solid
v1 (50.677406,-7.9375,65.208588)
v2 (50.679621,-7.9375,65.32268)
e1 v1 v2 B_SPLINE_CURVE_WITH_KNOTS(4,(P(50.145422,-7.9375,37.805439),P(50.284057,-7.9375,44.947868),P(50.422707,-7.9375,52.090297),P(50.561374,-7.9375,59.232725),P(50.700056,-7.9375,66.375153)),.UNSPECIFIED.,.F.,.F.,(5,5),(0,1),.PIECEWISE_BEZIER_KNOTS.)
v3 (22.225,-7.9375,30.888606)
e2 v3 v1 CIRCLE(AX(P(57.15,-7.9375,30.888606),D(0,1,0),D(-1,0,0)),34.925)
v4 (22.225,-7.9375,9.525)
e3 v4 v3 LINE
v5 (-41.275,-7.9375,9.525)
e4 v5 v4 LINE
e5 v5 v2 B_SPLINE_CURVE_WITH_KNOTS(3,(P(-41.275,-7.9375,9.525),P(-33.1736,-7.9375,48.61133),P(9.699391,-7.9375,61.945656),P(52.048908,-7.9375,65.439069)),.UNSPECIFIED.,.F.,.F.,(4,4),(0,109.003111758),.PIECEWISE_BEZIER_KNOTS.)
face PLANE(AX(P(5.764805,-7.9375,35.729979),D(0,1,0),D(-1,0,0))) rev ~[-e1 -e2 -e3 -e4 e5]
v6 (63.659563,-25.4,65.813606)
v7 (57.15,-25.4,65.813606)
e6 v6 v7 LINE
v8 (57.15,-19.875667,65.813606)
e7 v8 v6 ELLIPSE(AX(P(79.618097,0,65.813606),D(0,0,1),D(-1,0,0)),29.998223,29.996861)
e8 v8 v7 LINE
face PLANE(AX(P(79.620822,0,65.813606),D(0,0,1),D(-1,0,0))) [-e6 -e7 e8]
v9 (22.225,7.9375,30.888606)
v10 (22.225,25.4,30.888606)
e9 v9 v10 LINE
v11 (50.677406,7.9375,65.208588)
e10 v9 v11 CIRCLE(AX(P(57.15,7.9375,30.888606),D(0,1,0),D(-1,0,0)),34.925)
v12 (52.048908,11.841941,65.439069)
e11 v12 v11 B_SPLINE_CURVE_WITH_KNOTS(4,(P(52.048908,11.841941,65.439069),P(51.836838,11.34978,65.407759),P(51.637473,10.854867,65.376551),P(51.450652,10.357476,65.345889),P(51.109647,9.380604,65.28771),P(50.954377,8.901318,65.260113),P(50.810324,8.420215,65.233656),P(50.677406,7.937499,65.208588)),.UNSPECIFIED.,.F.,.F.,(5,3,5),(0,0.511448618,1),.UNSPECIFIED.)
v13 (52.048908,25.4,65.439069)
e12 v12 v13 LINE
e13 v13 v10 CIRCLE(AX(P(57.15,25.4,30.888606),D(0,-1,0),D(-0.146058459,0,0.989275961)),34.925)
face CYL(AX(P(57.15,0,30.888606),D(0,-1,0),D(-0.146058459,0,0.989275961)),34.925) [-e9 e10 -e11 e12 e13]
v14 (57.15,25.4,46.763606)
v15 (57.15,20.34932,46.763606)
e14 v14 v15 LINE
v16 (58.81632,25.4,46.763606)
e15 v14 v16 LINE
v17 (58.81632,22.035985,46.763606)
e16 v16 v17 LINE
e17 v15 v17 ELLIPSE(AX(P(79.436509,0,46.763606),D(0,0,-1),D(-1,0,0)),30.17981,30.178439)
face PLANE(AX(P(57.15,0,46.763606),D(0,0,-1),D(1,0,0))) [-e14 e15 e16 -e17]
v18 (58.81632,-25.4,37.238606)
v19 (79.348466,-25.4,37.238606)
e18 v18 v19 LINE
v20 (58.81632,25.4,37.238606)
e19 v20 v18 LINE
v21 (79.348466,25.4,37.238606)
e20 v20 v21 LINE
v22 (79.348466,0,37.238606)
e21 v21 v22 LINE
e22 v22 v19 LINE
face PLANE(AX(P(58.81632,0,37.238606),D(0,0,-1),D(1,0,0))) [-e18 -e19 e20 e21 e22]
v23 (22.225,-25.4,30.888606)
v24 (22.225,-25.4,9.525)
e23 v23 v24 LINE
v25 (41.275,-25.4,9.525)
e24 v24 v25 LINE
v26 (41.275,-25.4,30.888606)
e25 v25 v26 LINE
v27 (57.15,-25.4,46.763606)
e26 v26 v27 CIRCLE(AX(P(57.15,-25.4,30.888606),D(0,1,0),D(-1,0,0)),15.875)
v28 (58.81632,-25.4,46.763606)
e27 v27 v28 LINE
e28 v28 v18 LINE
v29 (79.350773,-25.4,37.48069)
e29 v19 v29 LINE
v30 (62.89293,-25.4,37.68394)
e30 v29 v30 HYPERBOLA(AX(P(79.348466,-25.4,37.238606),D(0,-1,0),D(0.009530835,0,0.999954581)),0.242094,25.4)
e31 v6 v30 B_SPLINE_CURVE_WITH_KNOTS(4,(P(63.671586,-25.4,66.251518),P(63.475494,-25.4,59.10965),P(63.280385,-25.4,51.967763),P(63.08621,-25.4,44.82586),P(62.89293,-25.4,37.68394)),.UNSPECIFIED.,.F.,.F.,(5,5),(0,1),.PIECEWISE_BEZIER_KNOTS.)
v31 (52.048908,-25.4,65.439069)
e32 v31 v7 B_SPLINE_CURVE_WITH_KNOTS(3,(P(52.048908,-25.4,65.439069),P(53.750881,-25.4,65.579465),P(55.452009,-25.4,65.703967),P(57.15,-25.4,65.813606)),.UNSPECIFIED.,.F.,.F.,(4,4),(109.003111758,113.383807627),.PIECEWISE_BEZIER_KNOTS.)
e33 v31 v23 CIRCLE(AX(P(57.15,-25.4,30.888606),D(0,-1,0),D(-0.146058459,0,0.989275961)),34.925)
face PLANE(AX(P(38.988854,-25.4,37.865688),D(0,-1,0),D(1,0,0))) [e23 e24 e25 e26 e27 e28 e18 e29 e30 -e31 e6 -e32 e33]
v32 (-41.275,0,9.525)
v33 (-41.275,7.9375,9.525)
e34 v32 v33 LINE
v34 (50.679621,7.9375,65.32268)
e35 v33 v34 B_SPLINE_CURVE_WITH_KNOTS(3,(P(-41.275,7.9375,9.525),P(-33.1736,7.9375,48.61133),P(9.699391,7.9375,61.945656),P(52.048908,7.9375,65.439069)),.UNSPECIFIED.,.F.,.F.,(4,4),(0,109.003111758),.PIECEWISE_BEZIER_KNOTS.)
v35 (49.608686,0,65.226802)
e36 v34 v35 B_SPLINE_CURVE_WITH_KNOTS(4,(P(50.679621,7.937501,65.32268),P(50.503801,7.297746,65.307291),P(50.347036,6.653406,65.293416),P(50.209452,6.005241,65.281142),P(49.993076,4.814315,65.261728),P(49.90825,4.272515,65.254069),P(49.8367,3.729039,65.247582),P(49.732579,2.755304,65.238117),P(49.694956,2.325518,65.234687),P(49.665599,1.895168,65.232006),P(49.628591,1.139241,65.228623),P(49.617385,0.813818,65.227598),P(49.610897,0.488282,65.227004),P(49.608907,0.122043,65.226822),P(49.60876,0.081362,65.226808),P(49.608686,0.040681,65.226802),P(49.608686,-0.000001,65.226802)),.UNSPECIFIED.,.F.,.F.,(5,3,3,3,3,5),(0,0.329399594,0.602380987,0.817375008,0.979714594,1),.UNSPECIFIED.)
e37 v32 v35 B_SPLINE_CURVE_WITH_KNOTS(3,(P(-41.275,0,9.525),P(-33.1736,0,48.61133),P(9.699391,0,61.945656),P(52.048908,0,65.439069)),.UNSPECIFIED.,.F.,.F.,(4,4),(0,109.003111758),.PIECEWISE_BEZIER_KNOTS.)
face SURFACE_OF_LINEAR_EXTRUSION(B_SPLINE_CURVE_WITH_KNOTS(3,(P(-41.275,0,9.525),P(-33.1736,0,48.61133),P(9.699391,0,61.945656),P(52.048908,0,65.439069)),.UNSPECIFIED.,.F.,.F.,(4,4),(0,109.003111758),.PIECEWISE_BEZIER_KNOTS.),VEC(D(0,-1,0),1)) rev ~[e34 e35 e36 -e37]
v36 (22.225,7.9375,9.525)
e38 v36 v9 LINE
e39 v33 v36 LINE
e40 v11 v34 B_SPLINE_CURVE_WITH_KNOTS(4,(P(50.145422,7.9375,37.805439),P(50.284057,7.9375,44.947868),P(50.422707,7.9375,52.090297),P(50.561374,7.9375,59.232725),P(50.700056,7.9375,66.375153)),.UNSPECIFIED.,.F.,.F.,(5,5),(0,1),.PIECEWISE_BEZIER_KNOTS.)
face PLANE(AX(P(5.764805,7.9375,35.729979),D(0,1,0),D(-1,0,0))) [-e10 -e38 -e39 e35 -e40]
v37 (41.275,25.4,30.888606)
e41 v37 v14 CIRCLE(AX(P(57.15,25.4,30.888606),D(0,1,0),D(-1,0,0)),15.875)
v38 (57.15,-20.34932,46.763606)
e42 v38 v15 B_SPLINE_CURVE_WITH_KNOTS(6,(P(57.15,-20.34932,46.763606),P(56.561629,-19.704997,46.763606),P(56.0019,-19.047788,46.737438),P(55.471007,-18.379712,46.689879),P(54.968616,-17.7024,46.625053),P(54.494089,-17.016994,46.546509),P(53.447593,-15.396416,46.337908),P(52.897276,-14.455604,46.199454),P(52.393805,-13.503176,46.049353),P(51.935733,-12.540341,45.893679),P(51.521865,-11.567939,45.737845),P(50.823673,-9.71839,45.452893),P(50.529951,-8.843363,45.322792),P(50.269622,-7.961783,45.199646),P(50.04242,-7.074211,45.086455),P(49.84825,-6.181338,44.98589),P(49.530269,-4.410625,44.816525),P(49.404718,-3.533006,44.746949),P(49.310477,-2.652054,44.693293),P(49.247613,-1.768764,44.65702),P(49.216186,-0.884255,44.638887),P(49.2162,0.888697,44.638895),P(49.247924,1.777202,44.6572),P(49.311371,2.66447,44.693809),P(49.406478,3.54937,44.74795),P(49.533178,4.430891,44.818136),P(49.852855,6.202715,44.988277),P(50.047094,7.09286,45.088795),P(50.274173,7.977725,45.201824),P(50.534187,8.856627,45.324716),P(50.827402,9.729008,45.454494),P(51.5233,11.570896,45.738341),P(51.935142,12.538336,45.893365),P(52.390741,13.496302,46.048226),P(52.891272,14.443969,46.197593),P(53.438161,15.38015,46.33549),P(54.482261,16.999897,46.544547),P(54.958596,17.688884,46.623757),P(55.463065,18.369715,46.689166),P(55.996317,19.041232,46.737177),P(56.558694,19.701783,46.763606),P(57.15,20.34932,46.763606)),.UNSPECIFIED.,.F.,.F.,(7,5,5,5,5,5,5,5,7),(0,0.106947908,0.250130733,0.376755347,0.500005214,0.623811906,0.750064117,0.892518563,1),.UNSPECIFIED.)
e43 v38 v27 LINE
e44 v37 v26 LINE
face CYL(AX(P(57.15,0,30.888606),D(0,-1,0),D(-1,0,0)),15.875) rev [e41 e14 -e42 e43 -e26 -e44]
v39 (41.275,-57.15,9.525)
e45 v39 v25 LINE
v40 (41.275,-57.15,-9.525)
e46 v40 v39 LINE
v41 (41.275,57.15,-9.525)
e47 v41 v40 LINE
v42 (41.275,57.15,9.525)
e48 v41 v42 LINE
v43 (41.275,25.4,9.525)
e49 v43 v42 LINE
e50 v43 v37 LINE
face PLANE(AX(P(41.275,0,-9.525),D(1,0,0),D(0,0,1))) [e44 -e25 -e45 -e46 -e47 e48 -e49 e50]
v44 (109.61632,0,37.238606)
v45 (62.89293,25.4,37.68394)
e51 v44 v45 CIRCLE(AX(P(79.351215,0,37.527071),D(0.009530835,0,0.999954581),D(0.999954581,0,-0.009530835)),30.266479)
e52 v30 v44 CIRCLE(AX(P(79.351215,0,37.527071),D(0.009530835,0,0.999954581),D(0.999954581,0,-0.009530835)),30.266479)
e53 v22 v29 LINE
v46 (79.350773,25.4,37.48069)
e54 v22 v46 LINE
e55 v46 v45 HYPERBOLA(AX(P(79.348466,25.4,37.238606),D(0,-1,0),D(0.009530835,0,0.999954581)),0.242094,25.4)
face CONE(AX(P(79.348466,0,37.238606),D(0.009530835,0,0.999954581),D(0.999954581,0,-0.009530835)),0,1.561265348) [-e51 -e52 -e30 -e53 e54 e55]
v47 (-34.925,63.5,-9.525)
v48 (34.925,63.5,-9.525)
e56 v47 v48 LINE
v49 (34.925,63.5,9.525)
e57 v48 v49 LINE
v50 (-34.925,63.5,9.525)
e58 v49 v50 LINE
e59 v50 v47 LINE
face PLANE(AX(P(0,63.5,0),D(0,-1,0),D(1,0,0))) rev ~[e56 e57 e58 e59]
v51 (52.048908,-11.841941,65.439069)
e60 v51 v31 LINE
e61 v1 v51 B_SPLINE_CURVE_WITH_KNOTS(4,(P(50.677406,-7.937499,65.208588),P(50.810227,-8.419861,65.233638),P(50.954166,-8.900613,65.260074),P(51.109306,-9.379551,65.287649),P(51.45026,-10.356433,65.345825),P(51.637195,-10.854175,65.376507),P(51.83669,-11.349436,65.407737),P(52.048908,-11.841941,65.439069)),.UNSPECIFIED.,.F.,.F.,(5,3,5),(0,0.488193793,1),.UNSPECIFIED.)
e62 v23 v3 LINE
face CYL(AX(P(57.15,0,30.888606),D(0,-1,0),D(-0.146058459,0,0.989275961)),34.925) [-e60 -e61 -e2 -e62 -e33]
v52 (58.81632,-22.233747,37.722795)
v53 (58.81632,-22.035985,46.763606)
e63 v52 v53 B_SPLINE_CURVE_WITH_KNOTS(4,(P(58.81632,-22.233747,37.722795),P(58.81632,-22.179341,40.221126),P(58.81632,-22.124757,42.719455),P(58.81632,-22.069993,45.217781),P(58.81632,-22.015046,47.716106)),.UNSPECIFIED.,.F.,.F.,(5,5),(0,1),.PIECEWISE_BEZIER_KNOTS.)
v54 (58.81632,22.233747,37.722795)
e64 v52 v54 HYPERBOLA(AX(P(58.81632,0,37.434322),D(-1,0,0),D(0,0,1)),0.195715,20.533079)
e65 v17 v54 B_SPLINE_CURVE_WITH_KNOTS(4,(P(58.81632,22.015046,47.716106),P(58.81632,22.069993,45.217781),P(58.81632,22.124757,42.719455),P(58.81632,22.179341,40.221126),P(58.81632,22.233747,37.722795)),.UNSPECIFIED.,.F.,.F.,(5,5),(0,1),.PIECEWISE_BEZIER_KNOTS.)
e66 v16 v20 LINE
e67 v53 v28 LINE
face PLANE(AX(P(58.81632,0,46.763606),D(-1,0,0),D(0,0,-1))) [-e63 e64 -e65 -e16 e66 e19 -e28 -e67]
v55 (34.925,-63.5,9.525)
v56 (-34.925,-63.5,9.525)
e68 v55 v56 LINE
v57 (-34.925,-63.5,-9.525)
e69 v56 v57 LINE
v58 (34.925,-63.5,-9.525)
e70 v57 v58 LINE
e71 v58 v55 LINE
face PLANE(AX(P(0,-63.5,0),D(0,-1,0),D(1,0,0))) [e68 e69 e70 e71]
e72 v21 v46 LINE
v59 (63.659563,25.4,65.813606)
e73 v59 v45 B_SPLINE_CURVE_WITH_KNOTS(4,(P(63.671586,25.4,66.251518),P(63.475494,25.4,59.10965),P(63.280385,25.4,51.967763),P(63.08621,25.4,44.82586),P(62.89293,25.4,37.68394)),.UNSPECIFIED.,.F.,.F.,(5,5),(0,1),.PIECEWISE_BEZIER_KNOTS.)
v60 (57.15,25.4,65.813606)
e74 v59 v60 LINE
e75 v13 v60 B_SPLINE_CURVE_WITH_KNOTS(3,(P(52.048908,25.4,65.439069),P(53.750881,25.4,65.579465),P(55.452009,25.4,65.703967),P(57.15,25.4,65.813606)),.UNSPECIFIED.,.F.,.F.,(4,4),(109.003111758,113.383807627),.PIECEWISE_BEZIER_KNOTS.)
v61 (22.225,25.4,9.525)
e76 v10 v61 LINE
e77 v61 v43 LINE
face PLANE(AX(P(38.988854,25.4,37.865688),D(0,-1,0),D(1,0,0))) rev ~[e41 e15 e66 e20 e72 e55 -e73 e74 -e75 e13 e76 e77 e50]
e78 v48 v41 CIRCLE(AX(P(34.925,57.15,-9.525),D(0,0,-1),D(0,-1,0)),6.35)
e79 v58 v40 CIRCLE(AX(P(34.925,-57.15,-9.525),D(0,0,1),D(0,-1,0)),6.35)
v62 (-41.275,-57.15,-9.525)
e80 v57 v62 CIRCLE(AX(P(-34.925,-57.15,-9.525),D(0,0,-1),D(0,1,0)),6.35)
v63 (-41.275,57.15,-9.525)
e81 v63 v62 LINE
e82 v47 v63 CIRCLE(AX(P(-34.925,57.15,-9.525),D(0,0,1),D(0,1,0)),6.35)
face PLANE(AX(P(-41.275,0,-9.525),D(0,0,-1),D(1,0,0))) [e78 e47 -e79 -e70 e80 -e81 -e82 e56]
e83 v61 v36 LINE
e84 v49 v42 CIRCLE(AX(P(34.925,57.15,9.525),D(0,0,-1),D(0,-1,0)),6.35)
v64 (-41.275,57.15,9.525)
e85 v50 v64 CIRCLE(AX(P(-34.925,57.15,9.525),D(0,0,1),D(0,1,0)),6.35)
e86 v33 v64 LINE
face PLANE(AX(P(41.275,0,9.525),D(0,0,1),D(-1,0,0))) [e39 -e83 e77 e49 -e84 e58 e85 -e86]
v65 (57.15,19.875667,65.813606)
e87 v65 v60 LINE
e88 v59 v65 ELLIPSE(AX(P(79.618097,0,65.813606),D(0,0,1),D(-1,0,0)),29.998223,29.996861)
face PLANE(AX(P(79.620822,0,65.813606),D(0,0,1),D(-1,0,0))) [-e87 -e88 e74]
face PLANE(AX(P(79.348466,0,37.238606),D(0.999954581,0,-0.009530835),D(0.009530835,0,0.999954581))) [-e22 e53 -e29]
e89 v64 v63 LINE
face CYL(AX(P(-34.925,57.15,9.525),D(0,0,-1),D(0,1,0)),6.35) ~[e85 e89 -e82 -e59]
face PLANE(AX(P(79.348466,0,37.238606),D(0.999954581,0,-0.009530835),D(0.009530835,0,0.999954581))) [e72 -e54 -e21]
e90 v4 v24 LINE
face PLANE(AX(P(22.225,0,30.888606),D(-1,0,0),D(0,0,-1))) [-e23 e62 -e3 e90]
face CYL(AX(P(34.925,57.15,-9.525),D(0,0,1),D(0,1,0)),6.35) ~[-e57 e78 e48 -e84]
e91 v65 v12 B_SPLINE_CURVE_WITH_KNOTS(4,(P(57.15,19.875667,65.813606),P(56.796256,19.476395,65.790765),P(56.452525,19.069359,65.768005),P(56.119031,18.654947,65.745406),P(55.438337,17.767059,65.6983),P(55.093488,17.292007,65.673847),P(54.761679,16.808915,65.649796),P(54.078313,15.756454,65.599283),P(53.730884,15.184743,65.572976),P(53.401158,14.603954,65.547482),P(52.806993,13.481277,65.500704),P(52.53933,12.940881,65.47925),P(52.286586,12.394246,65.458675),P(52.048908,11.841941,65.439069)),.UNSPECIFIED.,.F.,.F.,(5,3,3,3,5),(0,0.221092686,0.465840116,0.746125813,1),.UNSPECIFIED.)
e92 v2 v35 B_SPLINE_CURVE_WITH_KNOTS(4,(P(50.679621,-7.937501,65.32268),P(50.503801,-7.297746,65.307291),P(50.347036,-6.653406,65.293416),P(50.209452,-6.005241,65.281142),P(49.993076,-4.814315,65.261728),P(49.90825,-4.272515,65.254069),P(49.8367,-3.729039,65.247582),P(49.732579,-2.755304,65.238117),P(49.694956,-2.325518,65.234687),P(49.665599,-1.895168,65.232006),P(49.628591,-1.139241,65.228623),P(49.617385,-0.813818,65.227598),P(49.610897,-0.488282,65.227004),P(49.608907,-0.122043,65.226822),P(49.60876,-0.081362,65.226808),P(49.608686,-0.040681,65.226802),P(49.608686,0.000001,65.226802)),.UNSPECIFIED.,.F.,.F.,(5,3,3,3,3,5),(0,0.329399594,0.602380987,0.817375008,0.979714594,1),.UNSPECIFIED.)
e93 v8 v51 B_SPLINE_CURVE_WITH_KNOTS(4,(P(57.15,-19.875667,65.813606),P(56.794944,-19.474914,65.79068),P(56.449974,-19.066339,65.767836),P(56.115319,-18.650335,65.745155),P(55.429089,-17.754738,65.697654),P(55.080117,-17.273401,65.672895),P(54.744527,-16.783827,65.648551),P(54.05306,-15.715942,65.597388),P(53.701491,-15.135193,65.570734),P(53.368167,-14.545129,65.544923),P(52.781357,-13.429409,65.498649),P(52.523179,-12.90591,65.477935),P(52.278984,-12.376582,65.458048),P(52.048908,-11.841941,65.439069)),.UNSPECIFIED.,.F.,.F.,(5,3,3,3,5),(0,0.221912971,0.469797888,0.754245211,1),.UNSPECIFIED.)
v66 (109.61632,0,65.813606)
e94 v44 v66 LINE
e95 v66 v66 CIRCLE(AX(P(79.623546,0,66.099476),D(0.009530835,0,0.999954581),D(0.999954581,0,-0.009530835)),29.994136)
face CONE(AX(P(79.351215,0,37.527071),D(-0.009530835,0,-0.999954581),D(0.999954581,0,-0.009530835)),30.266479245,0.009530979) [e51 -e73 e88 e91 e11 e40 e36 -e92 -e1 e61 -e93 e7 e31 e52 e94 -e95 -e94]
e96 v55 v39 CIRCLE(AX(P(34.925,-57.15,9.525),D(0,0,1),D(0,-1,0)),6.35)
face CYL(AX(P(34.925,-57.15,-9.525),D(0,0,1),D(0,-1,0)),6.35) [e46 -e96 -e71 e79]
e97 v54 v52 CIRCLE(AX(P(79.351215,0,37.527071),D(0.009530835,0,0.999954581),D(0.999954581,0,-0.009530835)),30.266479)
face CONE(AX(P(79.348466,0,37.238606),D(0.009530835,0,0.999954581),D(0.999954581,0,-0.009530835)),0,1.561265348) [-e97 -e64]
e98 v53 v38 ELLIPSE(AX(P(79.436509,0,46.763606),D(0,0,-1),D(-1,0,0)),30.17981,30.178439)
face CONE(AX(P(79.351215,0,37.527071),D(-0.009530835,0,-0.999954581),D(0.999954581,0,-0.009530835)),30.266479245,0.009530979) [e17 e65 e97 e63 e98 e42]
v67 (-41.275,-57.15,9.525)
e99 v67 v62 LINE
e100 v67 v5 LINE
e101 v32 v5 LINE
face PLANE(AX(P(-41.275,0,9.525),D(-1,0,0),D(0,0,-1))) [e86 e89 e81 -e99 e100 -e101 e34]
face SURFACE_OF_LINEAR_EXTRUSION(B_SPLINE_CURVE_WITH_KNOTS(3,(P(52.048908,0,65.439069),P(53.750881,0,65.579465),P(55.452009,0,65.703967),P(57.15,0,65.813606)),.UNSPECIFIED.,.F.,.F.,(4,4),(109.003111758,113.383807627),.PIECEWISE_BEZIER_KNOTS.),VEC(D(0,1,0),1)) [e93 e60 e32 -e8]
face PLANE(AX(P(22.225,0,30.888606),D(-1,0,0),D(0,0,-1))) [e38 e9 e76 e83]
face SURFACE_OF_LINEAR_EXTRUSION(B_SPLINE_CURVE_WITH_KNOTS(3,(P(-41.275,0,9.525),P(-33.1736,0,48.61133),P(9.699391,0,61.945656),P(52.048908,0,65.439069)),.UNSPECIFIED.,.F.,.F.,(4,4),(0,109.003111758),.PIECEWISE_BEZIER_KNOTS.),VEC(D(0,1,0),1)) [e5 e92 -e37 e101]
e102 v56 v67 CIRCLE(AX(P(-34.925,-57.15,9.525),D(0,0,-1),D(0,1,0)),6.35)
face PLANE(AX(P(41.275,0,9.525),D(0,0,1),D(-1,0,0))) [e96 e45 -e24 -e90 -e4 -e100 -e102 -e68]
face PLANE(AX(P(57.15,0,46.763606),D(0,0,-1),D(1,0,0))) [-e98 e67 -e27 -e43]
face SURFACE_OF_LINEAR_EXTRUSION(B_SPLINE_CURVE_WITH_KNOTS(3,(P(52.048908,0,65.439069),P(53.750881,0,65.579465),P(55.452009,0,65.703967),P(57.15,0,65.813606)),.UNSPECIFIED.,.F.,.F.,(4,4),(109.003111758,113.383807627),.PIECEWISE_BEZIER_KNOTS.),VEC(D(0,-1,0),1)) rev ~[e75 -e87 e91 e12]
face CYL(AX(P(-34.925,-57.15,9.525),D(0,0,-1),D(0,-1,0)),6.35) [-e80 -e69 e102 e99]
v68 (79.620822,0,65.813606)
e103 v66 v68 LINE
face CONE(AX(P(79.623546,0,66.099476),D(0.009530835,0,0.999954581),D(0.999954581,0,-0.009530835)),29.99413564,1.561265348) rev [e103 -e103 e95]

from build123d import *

# Parameters (mm, degrees)
F1_DEPTH = 63.5
F2_DEPTH = 25.4
F3_DEPTH = 7.9375
F5_R     = 6.35


with BuildPart() as f1:
    # F0 (on Front) → F1 (new body, symmetric)
    with BuildSketch(Plane.XZ):
        Polygon((22.225, 9.525), (-41.275, 9.525), (-41.275, -9.525), (41.275, -9.525), (41.275, 9.525), align=None)
    extrude(amount=F1_DEPTH, both=True)

    # F0 (on Front) → F2 (join, symmetric)
    with BuildSketch(Plane.XZ):
        with BuildLine():
            Line((22.225, 30.8886063695), (22.225, 9.525))
            Line((22.225, 9.525), (41.275, 9.525))
            Line((41.275, 9.525), (41.275, 30.8886063695))
            ThreePointArc((41.275, 30.8886063695), (45.9246798487, 42.1139265208), (57.15, 46.7636063695))
            Line((57.15, 46.7636063695), (58.8163197305, 46.7636063695))
            Line((58.8163197305, 46.7636063695), (58.8163197305, 65.8136063695))
            Line((58.8163197305, 65.8136063695), (57.15, 65.8136063695))
            add(Edge.make_bspline(
                [(52.0489083349, 65.4390693016), (53.7508813718, 65.5794651146), (55.4520089295, 65.7039665401), (57.15, 65.8136063695)],
                knots=[109.0031117585, 109.0031117585, 109.0031117585, 109.0031117585, 113.3838076271, 113.3838076271, 113.3838076271, 113.3838076271], degree=3))
            ThreePointArc((52.0489083349, 65.4390693016), (30.7122310756, 53.7096492751), (22.225, 30.8886063695))
        make_face()
        Polygon((79.6208217113, 65.8136063695), (58.8163197305, 65.8136063695), (58.8163197305, 46.7636063695), (58.8163197305, 37.2386063695), (79.3484657375, 37.2386063695), align=None)
    extrude(amount=F2_DEPTH, both=True)

    # F0 (on Front) → F3 (join, symmetric)
    with BuildSketch(Plane.XZ):
        with BuildLine():
            add(Edge.make_bspline(
                [(-41.275, 9.525), (-33.1736003349, 48.6113302876), (9.6993906508, 61.9456561664), (52.0489083349, 65.4390693016)],
                knots=[0, 0, 0, 0, 109.0031117585, 109.0031117585, 109.0031117585, 109.0031117585], degree=3))
            Line((-41.275, 9.525), (22.225, 9.525))
            Line((22.225, 9.525), (22.225, 30.8886063695))
            ThreePointArc((22.225, 30.8886063695), (30.7122310756, 53.7096492751), (52.0489083349, 65.4390693016))
        make_face()
    extrude(amount=F3_DEPTH, both=True)

    # F0 (on Front) → F4 (revolve)
    with BuildSketch(Plane.XZ):
        Polygon((109.6163197305, 65.8136063695), (79.6208217113, 65.8136063695), (79.3484657375, 37.2386063695), (109.6163197305, 37.2386063695), align=None)
    revolve(axis=Axis((79.4846437244, 0, 51.5261063695), (0.0095308348, 0, 0.9999545806)))

    # F5
    f5_edges = [f1.edges().sort_by_distance(p)[0] for p in [
        (-41.275, -63.5, 0),
        (41.275, -63.5, 0),
        (41.275, 63.5, 0),
        (-41.275, 63.5, 0),
    ]]
    fillet(f5_edges, radius=F5_R)


solid = f1.part
